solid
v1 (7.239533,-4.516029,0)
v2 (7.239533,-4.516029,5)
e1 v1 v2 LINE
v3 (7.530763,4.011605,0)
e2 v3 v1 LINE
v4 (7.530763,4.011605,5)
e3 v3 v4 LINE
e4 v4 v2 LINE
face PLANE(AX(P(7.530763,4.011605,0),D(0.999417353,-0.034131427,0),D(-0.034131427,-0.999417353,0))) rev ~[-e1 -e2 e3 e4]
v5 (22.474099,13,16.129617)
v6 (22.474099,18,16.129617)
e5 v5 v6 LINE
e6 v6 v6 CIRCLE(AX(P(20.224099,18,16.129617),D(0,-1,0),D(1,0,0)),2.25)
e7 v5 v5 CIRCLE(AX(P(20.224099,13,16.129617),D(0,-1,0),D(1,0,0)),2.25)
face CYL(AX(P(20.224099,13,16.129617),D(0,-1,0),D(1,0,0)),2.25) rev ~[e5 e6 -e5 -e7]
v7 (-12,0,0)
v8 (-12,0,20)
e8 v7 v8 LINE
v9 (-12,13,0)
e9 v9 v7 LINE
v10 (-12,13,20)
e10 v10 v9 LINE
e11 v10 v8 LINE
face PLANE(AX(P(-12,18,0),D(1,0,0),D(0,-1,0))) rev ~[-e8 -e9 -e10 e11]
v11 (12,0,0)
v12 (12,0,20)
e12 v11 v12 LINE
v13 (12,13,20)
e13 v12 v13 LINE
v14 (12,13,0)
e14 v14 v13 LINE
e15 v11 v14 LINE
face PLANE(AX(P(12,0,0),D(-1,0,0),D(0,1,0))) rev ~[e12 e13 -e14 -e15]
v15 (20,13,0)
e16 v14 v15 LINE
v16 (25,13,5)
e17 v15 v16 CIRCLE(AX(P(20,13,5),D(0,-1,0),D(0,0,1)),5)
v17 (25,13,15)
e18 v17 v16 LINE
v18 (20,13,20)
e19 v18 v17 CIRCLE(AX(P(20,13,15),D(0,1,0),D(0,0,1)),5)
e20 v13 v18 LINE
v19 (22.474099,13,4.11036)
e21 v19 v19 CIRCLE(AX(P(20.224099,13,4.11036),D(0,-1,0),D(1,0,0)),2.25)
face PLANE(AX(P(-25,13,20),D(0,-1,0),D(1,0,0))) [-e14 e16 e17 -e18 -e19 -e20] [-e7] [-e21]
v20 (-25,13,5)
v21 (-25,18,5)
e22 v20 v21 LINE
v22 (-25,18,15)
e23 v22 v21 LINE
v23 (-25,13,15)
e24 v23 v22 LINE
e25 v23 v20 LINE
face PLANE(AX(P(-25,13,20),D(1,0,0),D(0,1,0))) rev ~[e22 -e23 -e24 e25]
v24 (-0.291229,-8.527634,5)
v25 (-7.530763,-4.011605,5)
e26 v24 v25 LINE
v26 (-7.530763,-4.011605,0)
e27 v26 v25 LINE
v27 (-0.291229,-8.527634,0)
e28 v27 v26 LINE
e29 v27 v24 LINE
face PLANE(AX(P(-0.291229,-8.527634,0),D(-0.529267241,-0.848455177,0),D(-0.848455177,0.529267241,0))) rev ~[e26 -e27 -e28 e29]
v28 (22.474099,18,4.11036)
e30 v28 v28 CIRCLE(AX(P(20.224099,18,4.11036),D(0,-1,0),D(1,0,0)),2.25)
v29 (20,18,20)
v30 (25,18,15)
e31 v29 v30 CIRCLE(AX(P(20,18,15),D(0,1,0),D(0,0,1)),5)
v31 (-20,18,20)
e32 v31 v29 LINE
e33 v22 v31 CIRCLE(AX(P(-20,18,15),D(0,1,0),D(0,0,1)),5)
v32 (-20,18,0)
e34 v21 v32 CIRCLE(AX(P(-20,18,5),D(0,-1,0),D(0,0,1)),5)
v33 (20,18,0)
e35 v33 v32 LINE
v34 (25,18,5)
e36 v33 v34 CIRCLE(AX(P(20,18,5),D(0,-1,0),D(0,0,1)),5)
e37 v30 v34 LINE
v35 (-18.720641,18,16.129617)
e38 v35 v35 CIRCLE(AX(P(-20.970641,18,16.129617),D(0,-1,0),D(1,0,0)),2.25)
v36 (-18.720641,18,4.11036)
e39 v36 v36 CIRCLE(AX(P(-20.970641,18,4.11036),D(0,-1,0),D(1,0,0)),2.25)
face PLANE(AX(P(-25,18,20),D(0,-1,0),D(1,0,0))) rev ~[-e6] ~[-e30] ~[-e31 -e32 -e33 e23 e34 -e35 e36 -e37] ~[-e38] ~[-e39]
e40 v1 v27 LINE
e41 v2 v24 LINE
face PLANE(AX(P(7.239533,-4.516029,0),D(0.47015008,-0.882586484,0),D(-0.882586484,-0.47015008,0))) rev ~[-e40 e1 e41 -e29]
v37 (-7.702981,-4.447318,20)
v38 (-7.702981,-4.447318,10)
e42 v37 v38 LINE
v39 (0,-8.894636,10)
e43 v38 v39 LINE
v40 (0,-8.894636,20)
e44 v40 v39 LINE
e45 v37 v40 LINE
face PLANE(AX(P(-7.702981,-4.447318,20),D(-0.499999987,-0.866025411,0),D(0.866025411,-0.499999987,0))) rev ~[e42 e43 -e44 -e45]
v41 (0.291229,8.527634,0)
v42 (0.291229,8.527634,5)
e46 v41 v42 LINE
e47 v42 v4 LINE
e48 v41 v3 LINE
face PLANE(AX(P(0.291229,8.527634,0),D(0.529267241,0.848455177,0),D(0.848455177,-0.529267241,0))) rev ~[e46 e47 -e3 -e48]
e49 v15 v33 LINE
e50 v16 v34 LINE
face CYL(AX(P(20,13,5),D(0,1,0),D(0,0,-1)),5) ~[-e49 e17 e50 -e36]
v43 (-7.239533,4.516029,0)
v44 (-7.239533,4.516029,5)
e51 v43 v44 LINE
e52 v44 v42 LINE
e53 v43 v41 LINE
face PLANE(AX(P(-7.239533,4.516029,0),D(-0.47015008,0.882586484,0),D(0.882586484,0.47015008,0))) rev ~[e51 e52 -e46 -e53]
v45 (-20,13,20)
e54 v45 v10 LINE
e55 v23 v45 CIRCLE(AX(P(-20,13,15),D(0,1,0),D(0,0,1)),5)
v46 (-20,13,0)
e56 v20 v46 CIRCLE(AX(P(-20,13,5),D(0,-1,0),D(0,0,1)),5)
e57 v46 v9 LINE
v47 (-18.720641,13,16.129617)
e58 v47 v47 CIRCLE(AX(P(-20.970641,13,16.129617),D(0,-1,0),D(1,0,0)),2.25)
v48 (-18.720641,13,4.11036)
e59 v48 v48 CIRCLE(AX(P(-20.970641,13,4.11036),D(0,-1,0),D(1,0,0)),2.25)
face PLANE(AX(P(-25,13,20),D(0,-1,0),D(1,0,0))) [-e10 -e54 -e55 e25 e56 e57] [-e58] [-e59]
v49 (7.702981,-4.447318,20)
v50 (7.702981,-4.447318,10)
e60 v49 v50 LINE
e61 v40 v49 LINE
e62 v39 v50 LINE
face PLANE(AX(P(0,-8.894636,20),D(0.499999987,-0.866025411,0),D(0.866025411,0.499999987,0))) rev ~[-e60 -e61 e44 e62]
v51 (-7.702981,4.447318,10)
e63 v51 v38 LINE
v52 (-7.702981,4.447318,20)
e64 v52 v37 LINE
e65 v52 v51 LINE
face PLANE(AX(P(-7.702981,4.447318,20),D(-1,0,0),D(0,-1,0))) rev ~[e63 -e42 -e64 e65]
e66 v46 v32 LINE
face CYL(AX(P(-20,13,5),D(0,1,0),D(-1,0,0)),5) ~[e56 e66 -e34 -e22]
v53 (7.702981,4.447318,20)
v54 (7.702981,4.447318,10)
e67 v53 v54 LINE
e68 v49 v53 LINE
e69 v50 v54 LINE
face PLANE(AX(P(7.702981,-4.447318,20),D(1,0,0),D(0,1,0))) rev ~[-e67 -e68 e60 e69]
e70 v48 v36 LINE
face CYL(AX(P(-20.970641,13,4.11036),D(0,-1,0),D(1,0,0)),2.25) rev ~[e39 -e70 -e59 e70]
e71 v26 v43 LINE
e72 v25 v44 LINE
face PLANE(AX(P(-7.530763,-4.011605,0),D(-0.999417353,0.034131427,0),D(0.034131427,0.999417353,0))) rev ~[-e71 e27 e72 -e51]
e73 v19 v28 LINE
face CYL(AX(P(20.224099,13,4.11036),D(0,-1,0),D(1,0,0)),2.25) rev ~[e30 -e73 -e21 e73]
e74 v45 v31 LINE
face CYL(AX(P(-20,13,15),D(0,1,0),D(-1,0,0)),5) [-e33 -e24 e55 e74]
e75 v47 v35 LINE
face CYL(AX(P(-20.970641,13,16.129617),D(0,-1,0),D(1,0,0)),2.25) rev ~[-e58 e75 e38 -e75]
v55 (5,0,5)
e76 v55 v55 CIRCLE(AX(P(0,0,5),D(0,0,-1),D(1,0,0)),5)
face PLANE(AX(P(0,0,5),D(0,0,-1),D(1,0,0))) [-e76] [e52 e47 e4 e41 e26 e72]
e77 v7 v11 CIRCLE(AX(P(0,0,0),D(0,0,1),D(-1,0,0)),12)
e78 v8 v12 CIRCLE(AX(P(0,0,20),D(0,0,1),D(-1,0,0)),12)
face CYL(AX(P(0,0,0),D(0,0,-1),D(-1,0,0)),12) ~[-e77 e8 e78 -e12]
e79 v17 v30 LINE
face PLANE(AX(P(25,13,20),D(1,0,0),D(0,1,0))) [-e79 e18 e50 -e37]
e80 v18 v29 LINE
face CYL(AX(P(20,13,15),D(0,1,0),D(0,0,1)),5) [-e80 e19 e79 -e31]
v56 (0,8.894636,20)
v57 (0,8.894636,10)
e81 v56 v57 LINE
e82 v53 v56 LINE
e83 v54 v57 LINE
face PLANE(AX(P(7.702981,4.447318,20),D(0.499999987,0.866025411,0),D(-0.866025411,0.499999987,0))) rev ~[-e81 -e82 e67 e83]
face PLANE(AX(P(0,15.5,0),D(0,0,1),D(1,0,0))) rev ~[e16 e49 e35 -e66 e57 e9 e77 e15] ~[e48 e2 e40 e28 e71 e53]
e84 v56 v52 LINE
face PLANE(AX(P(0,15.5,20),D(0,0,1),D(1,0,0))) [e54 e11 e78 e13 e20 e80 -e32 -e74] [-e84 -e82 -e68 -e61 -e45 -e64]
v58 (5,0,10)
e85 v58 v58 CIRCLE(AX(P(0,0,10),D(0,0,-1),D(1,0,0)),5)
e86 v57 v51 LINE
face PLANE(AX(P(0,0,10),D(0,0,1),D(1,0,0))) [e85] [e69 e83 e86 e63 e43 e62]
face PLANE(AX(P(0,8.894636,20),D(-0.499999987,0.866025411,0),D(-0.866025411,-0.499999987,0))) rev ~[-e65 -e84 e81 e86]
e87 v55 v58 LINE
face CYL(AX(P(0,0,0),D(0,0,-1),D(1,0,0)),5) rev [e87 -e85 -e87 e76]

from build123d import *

# Parameters (mm, degrees)
F0_R      = 5
F1_DEPTH  = 20
F2_W      = 50
F2_H      = 5
F3_DEPTH  = 20
F4_R      = 2.25
F5_DEPTH  = 25
F6_R      = 5
F8_DEPTH  = 10
F10_DEPTH = 5


with BuildPart() as f1:
    # F0 (on Top) → F1 (new body)
    with BuildSketch(Plane.XY):
        with BuildLine():
            Line((12, 18), (-12, 18))
            Line((-12, 18), (-12, 0))
            ThreePointArc((-12, 0), (0, -12), (12, 0))
            Line((12, 0), (12, 18))
        make_face()
        Circle(F0_R, mode=Mode.SUBTRACT)
    extrude(amount=F1_DEPTH)

    # F2 (on face) → F3 (join, through all)
    with BuildSketch(Plane.XY.offset(20)):
        with Locations((0, 15.5)):
            Rectangle(F2_W, F2_H)
    extrude(amount=-F3_DEPTH)

    # F4 (on face) → F5 (cut)
    with BuildSketch(Plane.XZ.offset(-13)):
        with Locations((-20.970641, 16.129617)):
            Circle(F4_R)
        with Locations((20.224099, 16.129617)):
            Circle(F4_R)
        with Locations((-20.970641, 4.11036)):
            Circle(F4_R)
        with Locations((20.224099, 4.11036)):
            Circle(F4_R)
    extrude(amount=-F5_DEPTH, mode=Mode.SUBTRACT)

    # F6
    f6_edges = [f1.edges().sort_by_distance(p)[0] for p in [
        (25, 15.5, 0),
        (-25, 15.5, 0),
        (-25, 15.5, 20),
        (25, 15.5, 20),
    ]]
    fillet(f6_edges, radius=F6_R)

    # F7 (on face) → F8 (cut)
    with BuildSketch(Plane.XY.offset(20)):
        Polygon((7.702981, 4.447318), (0, 8.894636), (-7.702981, 4.447318), (-7.702981, -4.447318), (0, -8.894636), (7.702981, -4.447318), align=None)
    extrude(amount=-F8_DEPTH, mode=Mode.SUBTRACT)

    # F9 (on face) → F10 (cut)
    with BuildSketch(Plane(origin=(0, 0, 0), x_dir=(1, 0, 0), z_dir=(0, 0, -1))):
        Polygon((-0.291229, 8.527634), (-7.530763, 4.011605), (-7.239533, -4.516029), (0.291229, -8.527634), (7.530763, -4.011605), (7.239533, 4.516029), align=None)
    extrude(amount=-F10_DEPTH, mode=Mode.SUBTRACT)


solid = f1.part
